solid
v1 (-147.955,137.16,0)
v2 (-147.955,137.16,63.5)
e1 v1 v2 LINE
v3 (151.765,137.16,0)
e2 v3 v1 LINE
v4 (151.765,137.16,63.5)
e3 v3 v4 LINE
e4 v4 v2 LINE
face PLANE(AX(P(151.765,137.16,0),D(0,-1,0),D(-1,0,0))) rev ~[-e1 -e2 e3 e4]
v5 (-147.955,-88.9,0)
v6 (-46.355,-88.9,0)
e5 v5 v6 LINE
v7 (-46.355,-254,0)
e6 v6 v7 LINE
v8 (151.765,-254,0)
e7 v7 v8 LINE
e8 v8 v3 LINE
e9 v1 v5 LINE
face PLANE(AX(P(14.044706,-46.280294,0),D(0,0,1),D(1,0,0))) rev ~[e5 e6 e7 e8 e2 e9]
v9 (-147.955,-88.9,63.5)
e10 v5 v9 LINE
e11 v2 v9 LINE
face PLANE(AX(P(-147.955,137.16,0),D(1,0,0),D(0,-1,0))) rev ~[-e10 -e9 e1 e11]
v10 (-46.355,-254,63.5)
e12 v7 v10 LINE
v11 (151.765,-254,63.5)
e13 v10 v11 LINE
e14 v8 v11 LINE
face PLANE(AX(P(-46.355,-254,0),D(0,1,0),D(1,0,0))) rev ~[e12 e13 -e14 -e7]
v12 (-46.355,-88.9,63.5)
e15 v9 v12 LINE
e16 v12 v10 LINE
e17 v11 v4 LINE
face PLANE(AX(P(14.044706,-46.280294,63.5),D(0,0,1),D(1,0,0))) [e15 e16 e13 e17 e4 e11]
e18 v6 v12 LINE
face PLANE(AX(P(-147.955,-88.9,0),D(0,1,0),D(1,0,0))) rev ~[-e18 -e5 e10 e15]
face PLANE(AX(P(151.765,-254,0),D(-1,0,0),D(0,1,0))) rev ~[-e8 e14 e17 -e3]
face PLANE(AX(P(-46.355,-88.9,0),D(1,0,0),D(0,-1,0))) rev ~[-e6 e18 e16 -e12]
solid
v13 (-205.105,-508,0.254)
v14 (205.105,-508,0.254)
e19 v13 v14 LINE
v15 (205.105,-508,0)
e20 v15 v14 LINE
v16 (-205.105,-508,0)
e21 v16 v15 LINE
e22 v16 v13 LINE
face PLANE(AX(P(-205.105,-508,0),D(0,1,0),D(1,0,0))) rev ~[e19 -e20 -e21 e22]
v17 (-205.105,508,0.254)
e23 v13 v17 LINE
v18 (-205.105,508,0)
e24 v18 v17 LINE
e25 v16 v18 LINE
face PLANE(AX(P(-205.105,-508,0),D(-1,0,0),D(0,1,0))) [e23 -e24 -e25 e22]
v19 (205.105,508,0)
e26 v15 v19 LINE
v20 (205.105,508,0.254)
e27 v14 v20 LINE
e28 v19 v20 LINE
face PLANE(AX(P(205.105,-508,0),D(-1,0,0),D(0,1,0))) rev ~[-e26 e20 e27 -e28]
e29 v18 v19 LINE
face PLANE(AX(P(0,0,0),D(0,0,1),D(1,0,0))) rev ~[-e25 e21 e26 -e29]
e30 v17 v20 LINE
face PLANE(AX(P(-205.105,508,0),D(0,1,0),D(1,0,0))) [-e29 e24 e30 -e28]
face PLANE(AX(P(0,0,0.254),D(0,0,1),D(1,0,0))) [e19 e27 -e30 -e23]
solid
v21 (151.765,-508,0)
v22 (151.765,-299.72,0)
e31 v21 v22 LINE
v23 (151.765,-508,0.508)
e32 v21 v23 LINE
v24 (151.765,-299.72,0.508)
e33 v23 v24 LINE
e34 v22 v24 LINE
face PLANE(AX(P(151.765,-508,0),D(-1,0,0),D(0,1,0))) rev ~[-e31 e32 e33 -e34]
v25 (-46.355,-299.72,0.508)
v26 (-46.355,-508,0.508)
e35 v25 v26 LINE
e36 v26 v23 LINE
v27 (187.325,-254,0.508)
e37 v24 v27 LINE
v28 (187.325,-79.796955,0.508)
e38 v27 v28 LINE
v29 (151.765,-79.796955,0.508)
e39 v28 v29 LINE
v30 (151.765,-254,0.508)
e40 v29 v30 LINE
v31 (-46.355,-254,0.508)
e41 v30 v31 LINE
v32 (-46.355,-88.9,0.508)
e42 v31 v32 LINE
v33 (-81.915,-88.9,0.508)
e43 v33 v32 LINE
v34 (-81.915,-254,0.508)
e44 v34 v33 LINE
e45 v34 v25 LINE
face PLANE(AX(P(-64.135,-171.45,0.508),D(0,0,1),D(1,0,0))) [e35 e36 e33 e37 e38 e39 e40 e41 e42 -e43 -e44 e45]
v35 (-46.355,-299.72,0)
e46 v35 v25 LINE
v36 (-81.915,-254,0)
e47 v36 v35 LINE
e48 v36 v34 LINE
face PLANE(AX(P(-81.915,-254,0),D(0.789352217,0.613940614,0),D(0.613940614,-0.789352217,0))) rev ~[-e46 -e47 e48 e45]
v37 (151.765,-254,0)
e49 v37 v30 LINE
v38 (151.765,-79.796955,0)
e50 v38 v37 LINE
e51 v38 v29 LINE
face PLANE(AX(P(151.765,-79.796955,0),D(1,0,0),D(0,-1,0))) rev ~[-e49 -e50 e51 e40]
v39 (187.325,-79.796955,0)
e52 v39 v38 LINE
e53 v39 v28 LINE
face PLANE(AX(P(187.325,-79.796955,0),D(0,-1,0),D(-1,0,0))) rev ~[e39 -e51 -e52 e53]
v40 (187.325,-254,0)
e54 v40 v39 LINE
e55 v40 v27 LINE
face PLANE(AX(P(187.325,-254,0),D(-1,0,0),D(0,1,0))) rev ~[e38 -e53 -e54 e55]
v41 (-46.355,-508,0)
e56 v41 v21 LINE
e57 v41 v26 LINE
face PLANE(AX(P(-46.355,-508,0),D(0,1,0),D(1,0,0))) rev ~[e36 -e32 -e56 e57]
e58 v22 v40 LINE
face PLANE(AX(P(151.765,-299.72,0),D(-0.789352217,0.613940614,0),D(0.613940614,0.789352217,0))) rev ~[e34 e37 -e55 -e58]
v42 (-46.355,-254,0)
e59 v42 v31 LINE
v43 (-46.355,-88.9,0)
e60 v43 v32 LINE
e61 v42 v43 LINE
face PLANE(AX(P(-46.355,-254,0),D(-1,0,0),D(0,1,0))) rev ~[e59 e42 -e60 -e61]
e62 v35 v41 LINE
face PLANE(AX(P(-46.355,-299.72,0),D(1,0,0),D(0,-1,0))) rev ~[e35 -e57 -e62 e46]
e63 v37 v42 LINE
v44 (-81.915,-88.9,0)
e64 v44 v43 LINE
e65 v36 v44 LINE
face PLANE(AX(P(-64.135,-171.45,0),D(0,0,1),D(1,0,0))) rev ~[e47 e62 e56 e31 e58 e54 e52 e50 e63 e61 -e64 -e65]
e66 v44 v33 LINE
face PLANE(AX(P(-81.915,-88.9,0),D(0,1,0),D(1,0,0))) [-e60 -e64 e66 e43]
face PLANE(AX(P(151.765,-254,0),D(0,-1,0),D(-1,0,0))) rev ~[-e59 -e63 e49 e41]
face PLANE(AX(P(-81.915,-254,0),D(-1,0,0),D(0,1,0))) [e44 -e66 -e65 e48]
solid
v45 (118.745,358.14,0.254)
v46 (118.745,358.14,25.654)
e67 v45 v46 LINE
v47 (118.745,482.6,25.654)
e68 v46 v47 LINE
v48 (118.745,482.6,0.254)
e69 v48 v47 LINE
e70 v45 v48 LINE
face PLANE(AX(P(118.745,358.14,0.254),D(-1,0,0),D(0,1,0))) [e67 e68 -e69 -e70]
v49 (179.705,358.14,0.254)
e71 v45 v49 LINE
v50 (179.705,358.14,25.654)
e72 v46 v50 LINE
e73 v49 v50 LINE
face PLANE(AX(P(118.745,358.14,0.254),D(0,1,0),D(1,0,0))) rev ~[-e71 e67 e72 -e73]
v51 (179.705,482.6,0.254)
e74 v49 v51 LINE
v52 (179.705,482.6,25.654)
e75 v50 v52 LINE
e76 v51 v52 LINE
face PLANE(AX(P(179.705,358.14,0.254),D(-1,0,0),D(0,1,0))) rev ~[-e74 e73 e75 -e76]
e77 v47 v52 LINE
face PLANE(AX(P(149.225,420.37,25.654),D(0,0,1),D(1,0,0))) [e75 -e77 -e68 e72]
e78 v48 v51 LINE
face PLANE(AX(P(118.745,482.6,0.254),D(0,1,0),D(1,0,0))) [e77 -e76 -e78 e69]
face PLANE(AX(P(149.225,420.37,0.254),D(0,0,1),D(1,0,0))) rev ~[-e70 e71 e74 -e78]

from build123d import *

# Parameters (mm, degrees)
F3_DEPTH = 63.5
F2_W     = 35.56
F2_H     = 165.1
F4_DEPTH = 0.508
F0_W     = 410.21
F0_H     = 1016
F5_DEPTH = 0.254
F6_W     = 60.96
F6_H     = 124.46
F7_DEPTH = 25.4


with BuildPart() as f3:
    # F2 (on face) → F3 (new body)
    with BuildSketch(Plane.XY):
        Polygon((151.765, -79.796955), (151.765, 137.16), (-147.955, 137.16), (-147.955, -88.9), (-81.915, -88.9), (-46.355, -88.9), (-46.355, -254), (151.765, -254), align=None)
    extrude(amount=F3_DEPTH)


with BuildPart() as f4:
    # F2 (on face) → F4 (new body)
    with BuildSketch(Plane.XY):
        with Locations((-64.135, -171.45)):
            Rectangle(F2_W, F2_H)
        Polygon((-46.355, -299.72), (-46.355, -254), (-81.915, -254), align=None)
        Polygon((151.765, -299.72), (151.765, -254), (-46.355, -254), (-46.355, -299.72), (-46.355, -508), (151.765, -508), align=None)
        Polygon((187.325, -79.796955), (151.765, -79.796955), (151.765, -254), (151.765, -299.72), (187.325, -254), align=None)
    extrude(amount=F4_DEPTH)


with BuildPart() as f5:
    # F0 (on Top) → F5 (new body)
    with BuildSketch(Plane.XY):
        Rectangle(F0_W, F0_H)
    extrude(amount=F5_DEPTH)


with BuildPart() as f7:
    # F6 (on face) → F7 (new body)
    with BuildSketch(Plane.XY.offset(0.254)):
        with Locations((149.225, 420.37)):
            Rectangle(F6_W, F6_H)
    extrude(amount=F7_DEPTH)


solid = Compound([f3.part, f4.part, f5.part, f7.part])
